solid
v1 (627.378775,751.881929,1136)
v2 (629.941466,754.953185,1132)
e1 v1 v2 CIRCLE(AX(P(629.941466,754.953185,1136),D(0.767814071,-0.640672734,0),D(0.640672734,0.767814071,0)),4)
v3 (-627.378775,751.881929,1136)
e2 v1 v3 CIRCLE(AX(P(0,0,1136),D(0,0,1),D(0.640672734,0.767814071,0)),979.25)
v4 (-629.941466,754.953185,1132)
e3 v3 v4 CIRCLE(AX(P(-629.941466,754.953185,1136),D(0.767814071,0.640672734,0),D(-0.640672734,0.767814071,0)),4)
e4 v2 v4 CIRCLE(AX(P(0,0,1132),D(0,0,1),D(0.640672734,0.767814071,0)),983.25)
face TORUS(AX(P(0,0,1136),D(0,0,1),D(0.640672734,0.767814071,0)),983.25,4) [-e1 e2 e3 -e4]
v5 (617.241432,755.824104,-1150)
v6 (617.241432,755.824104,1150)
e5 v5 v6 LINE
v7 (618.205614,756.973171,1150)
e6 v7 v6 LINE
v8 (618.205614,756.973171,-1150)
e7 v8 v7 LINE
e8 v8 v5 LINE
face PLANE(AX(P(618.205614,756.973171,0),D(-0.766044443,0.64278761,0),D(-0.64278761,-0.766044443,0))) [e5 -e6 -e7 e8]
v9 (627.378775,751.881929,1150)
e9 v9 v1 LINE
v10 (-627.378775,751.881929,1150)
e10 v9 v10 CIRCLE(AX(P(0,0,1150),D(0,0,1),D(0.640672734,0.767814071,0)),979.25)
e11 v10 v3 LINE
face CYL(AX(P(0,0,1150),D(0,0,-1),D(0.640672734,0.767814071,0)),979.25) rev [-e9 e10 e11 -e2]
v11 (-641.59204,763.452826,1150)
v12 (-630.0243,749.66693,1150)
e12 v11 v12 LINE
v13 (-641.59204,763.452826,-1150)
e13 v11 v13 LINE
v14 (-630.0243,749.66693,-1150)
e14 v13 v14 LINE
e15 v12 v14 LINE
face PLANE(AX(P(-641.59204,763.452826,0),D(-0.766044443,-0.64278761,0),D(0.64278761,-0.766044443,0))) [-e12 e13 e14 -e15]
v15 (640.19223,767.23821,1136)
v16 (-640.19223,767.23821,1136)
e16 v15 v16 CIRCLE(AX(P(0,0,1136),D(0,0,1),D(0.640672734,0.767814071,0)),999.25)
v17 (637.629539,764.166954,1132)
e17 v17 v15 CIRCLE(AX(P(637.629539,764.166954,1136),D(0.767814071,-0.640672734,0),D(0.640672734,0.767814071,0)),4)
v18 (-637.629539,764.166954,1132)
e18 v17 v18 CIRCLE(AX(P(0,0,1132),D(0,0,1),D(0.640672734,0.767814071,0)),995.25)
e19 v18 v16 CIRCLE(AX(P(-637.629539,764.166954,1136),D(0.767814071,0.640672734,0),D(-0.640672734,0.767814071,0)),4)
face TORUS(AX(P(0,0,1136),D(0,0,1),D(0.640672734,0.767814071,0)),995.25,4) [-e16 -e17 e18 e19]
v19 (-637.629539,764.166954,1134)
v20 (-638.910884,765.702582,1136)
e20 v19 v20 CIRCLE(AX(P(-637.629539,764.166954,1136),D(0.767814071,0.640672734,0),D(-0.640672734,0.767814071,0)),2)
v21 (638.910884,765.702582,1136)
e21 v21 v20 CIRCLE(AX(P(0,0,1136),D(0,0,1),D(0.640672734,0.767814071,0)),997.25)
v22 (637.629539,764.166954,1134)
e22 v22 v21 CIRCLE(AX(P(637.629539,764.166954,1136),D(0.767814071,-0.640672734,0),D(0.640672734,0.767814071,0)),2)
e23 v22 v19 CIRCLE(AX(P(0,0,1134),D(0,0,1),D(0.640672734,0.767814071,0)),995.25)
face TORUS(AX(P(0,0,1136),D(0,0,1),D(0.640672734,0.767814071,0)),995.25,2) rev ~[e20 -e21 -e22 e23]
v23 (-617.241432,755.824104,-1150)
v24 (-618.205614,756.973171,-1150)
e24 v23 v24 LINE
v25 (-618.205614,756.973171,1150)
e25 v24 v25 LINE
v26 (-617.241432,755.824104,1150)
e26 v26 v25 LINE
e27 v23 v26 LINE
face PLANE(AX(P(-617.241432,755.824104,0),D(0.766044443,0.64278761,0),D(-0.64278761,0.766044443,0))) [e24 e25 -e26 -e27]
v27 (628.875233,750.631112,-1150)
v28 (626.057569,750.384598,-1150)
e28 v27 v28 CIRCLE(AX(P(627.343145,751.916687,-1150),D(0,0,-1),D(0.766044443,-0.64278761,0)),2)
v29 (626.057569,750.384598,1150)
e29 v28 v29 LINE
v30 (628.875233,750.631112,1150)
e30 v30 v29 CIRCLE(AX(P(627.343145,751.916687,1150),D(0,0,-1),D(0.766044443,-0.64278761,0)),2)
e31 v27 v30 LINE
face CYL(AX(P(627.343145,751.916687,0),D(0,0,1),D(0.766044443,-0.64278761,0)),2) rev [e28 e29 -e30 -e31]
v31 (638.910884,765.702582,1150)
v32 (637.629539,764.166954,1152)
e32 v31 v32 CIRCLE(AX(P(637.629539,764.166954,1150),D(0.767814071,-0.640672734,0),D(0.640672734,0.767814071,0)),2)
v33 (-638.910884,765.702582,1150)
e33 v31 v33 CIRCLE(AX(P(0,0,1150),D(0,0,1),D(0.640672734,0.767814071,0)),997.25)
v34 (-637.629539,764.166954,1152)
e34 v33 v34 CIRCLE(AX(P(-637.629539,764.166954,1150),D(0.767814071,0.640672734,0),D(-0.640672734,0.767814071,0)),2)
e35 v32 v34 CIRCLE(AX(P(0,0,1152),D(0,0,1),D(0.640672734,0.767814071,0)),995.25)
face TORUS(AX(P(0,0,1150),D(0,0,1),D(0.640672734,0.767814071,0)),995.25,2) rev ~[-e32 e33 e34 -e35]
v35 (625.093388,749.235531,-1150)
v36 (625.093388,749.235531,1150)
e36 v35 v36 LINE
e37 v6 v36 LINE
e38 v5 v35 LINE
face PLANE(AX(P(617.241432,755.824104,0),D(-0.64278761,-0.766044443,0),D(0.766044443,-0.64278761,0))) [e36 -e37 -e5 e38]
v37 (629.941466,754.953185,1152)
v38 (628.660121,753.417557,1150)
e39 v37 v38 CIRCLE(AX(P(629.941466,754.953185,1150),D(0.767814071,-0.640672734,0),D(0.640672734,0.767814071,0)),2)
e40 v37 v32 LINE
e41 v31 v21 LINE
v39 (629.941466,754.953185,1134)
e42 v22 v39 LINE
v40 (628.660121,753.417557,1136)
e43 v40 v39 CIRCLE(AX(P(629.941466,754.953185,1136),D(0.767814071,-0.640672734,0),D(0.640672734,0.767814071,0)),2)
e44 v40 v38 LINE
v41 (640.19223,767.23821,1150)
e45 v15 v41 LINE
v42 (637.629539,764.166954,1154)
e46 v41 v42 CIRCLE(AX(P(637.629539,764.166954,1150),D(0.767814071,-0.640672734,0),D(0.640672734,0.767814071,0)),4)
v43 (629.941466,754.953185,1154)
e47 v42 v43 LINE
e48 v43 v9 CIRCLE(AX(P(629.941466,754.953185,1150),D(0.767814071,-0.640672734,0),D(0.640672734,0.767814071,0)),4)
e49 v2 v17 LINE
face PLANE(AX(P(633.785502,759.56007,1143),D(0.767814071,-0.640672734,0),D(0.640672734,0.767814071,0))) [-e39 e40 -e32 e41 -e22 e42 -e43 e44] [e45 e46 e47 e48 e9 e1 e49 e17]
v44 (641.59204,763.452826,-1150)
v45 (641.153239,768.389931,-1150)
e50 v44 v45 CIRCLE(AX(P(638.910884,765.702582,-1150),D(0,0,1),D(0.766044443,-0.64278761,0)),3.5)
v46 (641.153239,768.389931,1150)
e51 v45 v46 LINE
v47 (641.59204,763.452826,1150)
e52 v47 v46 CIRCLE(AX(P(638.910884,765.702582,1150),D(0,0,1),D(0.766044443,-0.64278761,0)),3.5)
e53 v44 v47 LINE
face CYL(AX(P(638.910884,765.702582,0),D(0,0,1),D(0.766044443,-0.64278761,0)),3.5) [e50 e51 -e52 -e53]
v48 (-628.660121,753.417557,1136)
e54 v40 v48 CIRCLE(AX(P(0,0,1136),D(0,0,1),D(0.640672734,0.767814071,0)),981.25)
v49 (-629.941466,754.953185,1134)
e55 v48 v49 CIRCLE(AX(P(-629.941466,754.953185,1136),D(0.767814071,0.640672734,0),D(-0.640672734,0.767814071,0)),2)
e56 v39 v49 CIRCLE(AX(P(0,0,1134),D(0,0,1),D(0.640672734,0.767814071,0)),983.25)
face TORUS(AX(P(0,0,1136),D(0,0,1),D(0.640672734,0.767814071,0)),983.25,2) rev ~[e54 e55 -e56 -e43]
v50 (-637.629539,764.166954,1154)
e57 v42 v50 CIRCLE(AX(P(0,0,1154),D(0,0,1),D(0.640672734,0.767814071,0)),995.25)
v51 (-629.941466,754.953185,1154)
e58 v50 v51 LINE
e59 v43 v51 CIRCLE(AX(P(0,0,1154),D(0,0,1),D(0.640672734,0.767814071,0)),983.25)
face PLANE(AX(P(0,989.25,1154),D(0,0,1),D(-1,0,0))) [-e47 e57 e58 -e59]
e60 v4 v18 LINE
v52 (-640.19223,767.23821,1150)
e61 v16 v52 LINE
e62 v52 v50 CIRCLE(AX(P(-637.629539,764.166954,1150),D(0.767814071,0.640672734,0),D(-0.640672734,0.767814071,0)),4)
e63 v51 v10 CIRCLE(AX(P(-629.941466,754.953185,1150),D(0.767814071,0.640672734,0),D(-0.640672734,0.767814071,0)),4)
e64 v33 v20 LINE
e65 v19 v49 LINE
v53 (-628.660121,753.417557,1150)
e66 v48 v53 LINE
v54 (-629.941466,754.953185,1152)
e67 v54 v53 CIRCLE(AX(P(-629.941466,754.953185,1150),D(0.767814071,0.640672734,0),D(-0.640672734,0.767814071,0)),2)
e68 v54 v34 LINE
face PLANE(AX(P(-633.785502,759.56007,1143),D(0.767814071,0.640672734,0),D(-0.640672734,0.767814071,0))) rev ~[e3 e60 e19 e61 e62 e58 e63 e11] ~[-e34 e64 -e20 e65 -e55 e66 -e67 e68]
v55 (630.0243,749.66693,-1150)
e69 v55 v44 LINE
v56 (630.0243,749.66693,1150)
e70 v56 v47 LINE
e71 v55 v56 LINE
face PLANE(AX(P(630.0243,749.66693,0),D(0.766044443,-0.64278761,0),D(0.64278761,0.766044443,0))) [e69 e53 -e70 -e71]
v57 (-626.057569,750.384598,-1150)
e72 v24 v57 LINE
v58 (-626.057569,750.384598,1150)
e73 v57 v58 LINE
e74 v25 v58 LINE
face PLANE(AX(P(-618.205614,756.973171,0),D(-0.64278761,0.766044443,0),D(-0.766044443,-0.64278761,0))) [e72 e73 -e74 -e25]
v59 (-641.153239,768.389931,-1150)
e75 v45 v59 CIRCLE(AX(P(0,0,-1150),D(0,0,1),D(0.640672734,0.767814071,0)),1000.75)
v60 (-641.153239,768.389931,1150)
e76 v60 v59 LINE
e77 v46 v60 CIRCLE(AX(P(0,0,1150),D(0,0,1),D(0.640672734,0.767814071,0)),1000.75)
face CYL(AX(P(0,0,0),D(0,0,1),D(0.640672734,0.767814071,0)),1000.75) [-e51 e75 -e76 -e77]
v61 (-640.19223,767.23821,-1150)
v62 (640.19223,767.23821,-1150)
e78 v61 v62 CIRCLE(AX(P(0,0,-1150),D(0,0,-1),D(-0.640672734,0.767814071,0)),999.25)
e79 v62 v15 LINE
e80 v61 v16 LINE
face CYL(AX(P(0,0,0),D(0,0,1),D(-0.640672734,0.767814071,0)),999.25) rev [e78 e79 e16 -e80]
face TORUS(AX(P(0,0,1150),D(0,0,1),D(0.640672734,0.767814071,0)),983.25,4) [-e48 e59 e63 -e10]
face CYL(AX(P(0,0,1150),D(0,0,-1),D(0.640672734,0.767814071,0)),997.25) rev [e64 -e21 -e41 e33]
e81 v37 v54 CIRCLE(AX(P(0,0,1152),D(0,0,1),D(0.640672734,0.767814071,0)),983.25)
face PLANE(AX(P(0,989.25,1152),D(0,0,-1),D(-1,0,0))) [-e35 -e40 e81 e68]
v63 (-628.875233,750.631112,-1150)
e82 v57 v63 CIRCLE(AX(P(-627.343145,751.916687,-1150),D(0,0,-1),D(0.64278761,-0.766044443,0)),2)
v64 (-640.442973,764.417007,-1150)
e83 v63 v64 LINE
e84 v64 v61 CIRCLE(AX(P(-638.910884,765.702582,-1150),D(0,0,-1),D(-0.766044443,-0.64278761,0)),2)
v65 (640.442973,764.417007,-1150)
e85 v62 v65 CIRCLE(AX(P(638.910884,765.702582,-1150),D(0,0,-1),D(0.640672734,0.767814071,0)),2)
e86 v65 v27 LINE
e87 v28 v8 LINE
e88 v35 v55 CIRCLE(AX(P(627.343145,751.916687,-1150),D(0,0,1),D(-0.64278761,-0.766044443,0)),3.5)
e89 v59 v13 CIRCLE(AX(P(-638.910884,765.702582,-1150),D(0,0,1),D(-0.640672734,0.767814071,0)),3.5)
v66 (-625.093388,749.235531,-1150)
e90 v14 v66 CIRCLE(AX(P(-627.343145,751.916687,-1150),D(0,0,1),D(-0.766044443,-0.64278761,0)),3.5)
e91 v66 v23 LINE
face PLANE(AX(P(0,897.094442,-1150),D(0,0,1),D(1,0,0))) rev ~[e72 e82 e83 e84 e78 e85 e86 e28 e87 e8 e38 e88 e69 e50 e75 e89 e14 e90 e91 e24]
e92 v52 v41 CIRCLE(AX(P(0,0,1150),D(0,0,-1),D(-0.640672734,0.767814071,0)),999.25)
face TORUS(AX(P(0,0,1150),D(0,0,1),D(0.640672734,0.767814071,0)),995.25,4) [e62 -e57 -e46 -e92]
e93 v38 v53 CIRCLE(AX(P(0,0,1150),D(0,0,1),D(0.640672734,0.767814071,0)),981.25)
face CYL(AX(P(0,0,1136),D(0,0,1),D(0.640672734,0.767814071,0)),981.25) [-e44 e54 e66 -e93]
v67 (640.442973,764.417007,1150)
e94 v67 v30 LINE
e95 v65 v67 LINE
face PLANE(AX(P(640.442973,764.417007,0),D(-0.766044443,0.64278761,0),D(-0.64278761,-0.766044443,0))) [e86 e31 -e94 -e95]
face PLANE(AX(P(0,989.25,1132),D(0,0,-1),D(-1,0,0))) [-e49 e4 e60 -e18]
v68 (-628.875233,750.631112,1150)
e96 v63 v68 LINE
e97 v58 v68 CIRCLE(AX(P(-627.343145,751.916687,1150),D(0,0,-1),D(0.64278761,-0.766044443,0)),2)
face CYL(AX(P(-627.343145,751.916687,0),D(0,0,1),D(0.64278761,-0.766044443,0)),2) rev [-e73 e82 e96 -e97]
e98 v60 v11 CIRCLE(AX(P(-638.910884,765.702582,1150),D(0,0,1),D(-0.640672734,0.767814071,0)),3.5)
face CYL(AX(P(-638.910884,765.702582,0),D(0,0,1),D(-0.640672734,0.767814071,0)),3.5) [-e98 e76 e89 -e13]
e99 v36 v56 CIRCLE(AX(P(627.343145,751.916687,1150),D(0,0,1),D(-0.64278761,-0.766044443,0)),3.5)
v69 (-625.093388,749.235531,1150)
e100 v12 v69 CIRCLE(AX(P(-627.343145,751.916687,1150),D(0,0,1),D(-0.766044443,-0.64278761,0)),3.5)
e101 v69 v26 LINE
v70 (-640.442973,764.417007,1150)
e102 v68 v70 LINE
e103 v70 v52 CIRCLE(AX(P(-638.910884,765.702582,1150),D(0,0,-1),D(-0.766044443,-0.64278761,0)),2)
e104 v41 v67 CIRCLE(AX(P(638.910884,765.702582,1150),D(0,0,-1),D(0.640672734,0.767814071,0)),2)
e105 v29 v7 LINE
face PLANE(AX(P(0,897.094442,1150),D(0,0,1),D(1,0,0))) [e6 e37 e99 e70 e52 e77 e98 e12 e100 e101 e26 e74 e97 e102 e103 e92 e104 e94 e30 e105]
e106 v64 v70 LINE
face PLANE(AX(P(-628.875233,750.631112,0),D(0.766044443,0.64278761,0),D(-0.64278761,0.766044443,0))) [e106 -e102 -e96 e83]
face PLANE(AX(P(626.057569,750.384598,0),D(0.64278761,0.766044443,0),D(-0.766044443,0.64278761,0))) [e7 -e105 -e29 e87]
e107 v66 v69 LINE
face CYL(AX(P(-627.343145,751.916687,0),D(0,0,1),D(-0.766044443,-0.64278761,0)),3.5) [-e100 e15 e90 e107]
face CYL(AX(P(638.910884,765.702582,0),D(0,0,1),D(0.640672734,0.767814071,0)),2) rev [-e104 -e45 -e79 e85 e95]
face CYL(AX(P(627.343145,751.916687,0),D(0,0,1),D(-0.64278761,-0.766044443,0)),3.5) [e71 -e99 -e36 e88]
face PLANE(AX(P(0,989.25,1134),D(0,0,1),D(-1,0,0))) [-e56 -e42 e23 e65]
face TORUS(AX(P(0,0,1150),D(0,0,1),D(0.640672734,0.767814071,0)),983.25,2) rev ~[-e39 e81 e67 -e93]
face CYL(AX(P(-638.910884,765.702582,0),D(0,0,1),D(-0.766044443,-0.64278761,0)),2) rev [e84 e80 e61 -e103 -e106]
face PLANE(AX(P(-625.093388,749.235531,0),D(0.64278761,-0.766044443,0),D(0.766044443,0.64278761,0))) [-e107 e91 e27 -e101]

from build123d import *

# Parameters (mm, degrees)
F1_DEPTH = 1150


with BuildPart() as f1:
    # F0 (on Top) → F1 (new body, symmetric)
    with BuildSketch(Plane.XY):
        with BuildLine():
            ThreePointArc((-630.0243001179, 749.666930217), (-627.6481896666, 748.4300054076), (-625.0933879331, 749.2355313))
            Line((-625.0933879331, 749.2355313), (-617.2414323911, 755.8241042993))
            Line((-617.2414323911, 755.8241042993), (-618.2056138056, 756.9731709639))
            Line((-618.2056138056, 756.9731709639), (-626.0575693476, 750.3845979647))
            ThreePointArc((-626.0575693476, 750.3845979647), (-627.5174560525, 749.9242974547), (-628.8752334532, 750.6311116315))
            Line((-628.8752334532, 750.6311116315), (-640.4429731799, 764.417007009))
            ThreePointArc((-640.4429731799, 764.417007009), (-640.9030314565, 765.8796406407), (-640.1922297622, 767.2382103702))
            ThreePointArc((-640.1922297622, 767.2382103702), (0, 999.25), (640.1922297622, 767.2382103702))
            ThreePointArc((640.1922297622, 767.2382103702), (640.9030314565, 765.8796406407), (640.4429731799, 764.417007009))
            Line((640.4429731799, 764.417007009), (628.8752334532, 750.6311116315))
            ThreePointArc((628.8752334532, 750.6311116315), (627.5174560525, 749.9242974547), (626.0575693476, 750.3845979647))
            Line((626.0575693476, 750.3845979647), (618.2056138056, 756.9731709639))
            Line((618.2056138056, 756.9731709639), (617.2414323911, 755.8241042993))
            Line((617.2414323911, 755.8241042993), (625.0933879331, 749.2355313))
            ThreePointArc((625.0933879331, 749.2355313), (627.6481896666, 748.4300054076), (630.0243001179, 749.666930217))
            Line((630.0243001179, 749.666930217), (641.5920398445, 763.4528255944))
            ThreePointArc((641.5920398445, 763.4528255944), (642.3971418287, 766.0124344499), (641.1532388637, 768.3899314766))
            ThreePointArc((641.1532388637, 768.3899314766), (0, 1000.75), (-641.1532388637, 768.3899314766))
            ThreePointArc((-641.1532388637, 768.3899314766), (-642.3971418287, 766.0124344499), (-641.5920398445, 763.4528255944))
            Line((-641.5920398445, 763.4528255944), (-630.0243001179, 749.666930217))
        make_face()
    extrude(amount=F1_DEPTH, both=True)

    # F4: sweep along a path in F3
    with BuildLine(Plane.XY.offset(1150)) as f4_path:
        ThreePointArc((640.1922297622, 767.2382103702), (0, 999.25), (-640.1922297622, 767.2382103702))
    # F2 (on Right) → F4 (sweep)
    with BuildSketch(Plane.YZ):
        with BuildLine():
            Line((995.25, 1154), (983.25, 1154))
            ThreePointArc((983.25, 1154), (980.4215728753, 1152.8284271247), (979.25, 1150))
            Line((979.25, 1150), (979.25, 1136))
            ThreePointArc((979.25, 1136), (980.4215728753, 1133.1715728753), (983.25, 1132))
            Line((983.25, 1132), (995.25, 1132))
            ThreePointArc((995.25, 1132), (998.0784271247, 1133.1715728753), (999.25, 1136))
            Line((999.25, 1136), (999.25, 1150))
            ThreePointArc((999.25, 1150), (998.0784271247, 1152.8284271247), (995.25, 1154))
        make_face()
        with BuildLine():
            ThreePointArc((981.25, 1150), (981.8357864376, 1151.4142135624), (983.25, 1152))
            Line((983.25, 1152), (995.25, 1152))
            ThreePointArc((995.25, 1152), (996.6642135624, 1151.4142135624), (997.25, 1150))
            Line((997.25, 1150), (997.25, 1136))
            ThreePointArc((997.25, 1136), (996.6642135624, 1134.5857864376), (995.25, 1134))
            Line((995.25, 1134), (983.25, 1134))
            ThreePointArc((983.25, 1134), (981.8357864376, 1134.5857864376), (981.25, 1136))
            Line((981.25, 1136), (981.25, 1150))
        make_face(mode=Mode.SUBTRACT)
    sweep(path=f4_path.line)


solid = f1.part
